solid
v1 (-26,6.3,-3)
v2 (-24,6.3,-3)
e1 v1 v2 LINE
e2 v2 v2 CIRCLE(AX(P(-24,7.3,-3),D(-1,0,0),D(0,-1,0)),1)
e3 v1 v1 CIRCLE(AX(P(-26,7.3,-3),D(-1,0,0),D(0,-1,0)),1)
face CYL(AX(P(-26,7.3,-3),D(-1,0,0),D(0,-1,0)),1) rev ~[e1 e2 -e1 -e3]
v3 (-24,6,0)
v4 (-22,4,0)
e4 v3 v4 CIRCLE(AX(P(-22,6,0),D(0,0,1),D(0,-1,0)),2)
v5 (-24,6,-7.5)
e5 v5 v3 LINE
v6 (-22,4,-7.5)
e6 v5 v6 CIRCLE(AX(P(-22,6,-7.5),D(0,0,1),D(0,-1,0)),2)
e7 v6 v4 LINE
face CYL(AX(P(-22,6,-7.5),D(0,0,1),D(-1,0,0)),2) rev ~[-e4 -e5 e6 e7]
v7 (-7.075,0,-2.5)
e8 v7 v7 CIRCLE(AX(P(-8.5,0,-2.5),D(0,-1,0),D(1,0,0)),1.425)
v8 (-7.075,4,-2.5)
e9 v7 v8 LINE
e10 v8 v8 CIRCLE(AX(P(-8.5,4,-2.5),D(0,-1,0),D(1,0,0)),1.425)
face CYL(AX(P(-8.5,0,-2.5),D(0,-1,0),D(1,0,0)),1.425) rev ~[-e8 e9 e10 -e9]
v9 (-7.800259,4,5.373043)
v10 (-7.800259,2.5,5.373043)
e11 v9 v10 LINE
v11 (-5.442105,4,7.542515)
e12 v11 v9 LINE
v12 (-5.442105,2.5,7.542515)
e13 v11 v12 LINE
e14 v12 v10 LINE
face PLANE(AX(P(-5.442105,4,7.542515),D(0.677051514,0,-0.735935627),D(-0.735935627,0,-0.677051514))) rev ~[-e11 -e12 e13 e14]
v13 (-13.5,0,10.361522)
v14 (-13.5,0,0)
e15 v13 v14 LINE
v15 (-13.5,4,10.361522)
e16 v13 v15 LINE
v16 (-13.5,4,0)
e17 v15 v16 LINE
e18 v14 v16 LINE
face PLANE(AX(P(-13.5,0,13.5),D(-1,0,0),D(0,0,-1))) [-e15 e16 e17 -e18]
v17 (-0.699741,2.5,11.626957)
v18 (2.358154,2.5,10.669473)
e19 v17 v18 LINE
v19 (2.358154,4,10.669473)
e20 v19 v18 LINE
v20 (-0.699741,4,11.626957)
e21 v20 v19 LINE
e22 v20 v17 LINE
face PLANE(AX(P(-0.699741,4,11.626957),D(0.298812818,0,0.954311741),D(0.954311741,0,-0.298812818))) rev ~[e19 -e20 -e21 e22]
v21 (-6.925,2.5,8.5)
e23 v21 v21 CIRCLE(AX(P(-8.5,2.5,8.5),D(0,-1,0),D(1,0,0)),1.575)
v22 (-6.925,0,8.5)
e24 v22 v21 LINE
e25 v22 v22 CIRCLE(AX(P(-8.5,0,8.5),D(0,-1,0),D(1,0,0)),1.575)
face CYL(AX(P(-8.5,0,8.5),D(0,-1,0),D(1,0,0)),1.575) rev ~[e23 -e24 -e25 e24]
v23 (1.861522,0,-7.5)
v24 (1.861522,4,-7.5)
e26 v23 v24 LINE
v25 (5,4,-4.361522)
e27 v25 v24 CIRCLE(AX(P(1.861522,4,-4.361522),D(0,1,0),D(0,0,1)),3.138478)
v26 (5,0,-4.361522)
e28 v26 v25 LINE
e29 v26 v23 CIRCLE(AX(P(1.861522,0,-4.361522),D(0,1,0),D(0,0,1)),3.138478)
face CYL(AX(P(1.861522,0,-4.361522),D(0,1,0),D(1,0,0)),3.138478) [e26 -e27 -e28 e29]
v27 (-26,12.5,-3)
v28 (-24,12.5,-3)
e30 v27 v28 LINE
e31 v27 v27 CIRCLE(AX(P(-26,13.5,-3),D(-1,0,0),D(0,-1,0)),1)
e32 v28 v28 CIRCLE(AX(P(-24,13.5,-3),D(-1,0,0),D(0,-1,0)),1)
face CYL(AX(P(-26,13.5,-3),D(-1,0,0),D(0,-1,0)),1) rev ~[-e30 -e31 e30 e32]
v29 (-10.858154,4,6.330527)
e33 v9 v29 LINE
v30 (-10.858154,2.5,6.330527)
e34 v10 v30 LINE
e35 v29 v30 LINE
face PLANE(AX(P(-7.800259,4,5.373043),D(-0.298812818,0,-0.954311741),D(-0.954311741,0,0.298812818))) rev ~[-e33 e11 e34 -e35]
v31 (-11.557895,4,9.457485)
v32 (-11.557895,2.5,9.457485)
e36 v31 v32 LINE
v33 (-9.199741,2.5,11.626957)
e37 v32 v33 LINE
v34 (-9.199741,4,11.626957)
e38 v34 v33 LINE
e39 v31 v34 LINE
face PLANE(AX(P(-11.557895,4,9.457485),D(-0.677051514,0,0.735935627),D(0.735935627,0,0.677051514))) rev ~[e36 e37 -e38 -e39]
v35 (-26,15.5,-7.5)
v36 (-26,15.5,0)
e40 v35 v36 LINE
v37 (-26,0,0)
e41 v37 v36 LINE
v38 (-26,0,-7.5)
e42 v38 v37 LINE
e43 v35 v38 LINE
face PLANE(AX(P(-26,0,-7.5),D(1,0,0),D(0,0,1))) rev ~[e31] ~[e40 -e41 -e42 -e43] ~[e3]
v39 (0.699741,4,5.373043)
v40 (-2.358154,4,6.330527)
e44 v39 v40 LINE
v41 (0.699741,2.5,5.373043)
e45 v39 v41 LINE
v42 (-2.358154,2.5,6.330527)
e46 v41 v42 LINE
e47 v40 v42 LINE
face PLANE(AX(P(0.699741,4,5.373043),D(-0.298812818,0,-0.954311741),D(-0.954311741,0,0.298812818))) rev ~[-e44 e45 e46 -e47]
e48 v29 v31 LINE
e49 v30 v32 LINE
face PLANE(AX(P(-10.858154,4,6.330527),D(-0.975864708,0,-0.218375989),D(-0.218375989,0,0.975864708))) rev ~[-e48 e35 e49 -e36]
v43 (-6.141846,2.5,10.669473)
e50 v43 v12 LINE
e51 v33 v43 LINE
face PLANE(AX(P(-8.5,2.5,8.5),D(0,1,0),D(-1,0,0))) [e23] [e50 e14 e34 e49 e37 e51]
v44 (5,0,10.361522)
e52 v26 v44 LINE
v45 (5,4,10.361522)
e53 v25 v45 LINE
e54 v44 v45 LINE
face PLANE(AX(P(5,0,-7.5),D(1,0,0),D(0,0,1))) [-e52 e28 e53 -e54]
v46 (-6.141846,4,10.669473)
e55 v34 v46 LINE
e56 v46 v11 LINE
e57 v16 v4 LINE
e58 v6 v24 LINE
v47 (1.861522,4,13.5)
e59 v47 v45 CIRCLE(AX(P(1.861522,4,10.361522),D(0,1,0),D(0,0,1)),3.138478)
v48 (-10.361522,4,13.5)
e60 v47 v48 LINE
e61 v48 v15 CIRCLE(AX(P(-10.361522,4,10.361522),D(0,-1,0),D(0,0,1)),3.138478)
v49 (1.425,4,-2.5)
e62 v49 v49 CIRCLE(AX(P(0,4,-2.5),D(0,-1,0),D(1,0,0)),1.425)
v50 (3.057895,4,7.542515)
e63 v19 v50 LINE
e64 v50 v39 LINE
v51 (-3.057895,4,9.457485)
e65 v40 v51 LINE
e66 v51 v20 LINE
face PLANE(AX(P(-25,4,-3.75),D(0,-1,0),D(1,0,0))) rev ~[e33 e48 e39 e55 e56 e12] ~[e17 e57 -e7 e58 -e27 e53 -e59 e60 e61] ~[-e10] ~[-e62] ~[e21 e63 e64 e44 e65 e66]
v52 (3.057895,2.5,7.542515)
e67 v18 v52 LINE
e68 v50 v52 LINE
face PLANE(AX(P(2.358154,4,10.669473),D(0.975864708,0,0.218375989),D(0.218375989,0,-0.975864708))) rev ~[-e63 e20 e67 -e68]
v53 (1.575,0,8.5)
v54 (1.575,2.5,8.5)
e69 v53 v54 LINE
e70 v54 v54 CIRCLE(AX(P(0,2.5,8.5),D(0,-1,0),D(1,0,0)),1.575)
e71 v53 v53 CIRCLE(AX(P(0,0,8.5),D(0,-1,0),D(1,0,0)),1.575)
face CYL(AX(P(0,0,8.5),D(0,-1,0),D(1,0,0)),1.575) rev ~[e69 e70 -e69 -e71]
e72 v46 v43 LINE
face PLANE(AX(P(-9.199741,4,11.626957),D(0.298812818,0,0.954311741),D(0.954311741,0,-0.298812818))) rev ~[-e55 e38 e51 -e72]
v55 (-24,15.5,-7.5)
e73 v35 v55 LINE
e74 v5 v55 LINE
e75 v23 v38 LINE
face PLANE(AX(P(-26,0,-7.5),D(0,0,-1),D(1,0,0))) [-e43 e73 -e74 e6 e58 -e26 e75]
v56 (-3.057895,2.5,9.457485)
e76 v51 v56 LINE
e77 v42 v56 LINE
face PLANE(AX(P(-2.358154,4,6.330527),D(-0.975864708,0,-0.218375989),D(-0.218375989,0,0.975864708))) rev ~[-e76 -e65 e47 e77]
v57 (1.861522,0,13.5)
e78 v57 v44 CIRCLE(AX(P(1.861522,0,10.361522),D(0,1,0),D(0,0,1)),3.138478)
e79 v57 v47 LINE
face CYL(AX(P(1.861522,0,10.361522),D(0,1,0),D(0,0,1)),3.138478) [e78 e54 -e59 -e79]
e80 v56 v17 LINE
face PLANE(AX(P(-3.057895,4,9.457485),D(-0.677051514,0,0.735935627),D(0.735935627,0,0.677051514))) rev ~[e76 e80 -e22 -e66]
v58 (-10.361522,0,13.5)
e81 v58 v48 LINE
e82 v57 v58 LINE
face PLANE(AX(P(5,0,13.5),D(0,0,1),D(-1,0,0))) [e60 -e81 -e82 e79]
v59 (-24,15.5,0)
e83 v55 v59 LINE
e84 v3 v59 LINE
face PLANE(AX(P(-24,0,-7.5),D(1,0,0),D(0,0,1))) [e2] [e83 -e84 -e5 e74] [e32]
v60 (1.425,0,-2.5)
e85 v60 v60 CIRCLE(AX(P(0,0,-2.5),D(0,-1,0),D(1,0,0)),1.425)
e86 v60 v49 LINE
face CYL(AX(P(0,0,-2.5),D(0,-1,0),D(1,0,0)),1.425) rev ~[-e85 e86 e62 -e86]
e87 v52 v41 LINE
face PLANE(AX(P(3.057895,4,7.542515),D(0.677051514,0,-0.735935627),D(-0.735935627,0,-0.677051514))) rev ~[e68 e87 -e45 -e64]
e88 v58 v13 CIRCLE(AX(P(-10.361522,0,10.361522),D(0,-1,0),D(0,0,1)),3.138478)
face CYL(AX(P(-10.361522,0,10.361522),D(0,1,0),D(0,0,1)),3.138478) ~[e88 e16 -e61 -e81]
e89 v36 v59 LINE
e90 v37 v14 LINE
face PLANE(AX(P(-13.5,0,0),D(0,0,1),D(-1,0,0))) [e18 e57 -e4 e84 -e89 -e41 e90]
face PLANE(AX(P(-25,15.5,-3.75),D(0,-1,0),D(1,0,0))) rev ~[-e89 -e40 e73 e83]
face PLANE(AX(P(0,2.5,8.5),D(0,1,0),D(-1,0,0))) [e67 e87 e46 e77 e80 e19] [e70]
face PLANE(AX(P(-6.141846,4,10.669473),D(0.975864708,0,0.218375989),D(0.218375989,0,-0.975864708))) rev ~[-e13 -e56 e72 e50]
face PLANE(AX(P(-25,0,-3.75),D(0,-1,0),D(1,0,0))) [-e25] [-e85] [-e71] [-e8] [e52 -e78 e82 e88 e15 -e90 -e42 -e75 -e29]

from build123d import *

# Parameters (mm, degrees)
F0_R     = 1.425
F0_R_2   = 1.575
F1_DEPTH = 4
F3_DEPTH = 1.5
F4_R     = 3.138478
F0_W     = 2
F0_H     = 7.5
F0_W_2   = 10.5
F5_DEPTH = 4
F6_DEPTH = 15.5
F7_R     = 1
F8_DEPTH = 3
F9_R     = 2


with BuildPart() as f1:
    # F0 (on Front) → F1 (new body)
    with BuildSketch(Plane.XZ):
        Polygon((5, 13.5), (-13.5, 13.5), (-13.5, 0), (-13.5, -7.5), (5, -7.5), align=None)
        with Locations((-8.5, -2.5)):
            Circle(F0_R, mode=Mode.SUBTRACT)
        with Locations((0, -2.5)):
            Circle(F0_R, mode=Mode.SUBTRACT)
        with Locations((-8.5, 8.5)):
            Circle(F0_R_2, mode=Mode.SUBTRACT)
        with Locations((0, 8.5)):
            Circle(F0_R_2, mode=Mode.SUBTRACT)
    extrude(amount=-F1_DEPTH)

    # F2 (on face) → F3 (cut)
    with BuildSketch(Plane(origin=(0, 4, 0), x_dir=(-1, 0, 0), z_dir=(0, 1, 0))):
        Polygon((-0.699741, 5.373043), (2.358154, 6.330527), (3.057895, 9.457485), (0.699741, 11.626957), (-2.358154, 10.669473), (-3.057895, 7.542515), align=None)
        Polygon((7.800259, 5.373043), (10.858154, 6.330527), (11.557895, 9.457485), (9.199741, 11.626957), (6.141846, 10.669473), (5.442105, 7.542515), align=None)
    extrude(amount=-F3_DEPTH, mode=Mode.SUBTRACT)

    # F4
    f4_edges = [f1.edges().sort_by_distance(p)[0] for p in [
        (5, 2, 13.5),
        (-13.5, 2, 13.5),
        (5, 2, -7.5),
    ]]
    fillet(f4_edges, radius=F4_R)

    # F0 (on Front) → F5 (join)
    with BuildSketch(Plane.XZ):
        with Locations((-25, -3.75)):
            Rectangle(F0_W, F0_H)
        with Locations((-18.75, -3.75)):
            Rectangle(F0_W_2, F0_H)
    extrude(amount=-F5_DEPTH)

    # F0 (on Front) → F6 (join)
    with BuildSketch(Plane.XZ):
        with Locations((-25, -3.75)):
            Rectangle(F0_W, F0_H)
    extrude(amount=-F6_DEPTH)

    # F7 (on face) → F8 (cut)
    with BuildSketch(Plane(origin=(-26, 0, 0), x_dir=(0, -1, 0), z_dir=(-1, 0, 0))):
        with Locations((-13.5, -3)):
            Circle(F7_R)
        with Locations((-7.3, -3)):
            Circle(F7_R)
    extrude(amount=-F8_DEPTH, mode=Mode.SUBTRACT)

    # F9
    f9_edges = [f1.edges().sort_by_distance(p)[0] for p in [
        (-24, 4, -3.75),
    ]]
    fillet(f9_edges, radius=F9_R)


solid = f1.part
